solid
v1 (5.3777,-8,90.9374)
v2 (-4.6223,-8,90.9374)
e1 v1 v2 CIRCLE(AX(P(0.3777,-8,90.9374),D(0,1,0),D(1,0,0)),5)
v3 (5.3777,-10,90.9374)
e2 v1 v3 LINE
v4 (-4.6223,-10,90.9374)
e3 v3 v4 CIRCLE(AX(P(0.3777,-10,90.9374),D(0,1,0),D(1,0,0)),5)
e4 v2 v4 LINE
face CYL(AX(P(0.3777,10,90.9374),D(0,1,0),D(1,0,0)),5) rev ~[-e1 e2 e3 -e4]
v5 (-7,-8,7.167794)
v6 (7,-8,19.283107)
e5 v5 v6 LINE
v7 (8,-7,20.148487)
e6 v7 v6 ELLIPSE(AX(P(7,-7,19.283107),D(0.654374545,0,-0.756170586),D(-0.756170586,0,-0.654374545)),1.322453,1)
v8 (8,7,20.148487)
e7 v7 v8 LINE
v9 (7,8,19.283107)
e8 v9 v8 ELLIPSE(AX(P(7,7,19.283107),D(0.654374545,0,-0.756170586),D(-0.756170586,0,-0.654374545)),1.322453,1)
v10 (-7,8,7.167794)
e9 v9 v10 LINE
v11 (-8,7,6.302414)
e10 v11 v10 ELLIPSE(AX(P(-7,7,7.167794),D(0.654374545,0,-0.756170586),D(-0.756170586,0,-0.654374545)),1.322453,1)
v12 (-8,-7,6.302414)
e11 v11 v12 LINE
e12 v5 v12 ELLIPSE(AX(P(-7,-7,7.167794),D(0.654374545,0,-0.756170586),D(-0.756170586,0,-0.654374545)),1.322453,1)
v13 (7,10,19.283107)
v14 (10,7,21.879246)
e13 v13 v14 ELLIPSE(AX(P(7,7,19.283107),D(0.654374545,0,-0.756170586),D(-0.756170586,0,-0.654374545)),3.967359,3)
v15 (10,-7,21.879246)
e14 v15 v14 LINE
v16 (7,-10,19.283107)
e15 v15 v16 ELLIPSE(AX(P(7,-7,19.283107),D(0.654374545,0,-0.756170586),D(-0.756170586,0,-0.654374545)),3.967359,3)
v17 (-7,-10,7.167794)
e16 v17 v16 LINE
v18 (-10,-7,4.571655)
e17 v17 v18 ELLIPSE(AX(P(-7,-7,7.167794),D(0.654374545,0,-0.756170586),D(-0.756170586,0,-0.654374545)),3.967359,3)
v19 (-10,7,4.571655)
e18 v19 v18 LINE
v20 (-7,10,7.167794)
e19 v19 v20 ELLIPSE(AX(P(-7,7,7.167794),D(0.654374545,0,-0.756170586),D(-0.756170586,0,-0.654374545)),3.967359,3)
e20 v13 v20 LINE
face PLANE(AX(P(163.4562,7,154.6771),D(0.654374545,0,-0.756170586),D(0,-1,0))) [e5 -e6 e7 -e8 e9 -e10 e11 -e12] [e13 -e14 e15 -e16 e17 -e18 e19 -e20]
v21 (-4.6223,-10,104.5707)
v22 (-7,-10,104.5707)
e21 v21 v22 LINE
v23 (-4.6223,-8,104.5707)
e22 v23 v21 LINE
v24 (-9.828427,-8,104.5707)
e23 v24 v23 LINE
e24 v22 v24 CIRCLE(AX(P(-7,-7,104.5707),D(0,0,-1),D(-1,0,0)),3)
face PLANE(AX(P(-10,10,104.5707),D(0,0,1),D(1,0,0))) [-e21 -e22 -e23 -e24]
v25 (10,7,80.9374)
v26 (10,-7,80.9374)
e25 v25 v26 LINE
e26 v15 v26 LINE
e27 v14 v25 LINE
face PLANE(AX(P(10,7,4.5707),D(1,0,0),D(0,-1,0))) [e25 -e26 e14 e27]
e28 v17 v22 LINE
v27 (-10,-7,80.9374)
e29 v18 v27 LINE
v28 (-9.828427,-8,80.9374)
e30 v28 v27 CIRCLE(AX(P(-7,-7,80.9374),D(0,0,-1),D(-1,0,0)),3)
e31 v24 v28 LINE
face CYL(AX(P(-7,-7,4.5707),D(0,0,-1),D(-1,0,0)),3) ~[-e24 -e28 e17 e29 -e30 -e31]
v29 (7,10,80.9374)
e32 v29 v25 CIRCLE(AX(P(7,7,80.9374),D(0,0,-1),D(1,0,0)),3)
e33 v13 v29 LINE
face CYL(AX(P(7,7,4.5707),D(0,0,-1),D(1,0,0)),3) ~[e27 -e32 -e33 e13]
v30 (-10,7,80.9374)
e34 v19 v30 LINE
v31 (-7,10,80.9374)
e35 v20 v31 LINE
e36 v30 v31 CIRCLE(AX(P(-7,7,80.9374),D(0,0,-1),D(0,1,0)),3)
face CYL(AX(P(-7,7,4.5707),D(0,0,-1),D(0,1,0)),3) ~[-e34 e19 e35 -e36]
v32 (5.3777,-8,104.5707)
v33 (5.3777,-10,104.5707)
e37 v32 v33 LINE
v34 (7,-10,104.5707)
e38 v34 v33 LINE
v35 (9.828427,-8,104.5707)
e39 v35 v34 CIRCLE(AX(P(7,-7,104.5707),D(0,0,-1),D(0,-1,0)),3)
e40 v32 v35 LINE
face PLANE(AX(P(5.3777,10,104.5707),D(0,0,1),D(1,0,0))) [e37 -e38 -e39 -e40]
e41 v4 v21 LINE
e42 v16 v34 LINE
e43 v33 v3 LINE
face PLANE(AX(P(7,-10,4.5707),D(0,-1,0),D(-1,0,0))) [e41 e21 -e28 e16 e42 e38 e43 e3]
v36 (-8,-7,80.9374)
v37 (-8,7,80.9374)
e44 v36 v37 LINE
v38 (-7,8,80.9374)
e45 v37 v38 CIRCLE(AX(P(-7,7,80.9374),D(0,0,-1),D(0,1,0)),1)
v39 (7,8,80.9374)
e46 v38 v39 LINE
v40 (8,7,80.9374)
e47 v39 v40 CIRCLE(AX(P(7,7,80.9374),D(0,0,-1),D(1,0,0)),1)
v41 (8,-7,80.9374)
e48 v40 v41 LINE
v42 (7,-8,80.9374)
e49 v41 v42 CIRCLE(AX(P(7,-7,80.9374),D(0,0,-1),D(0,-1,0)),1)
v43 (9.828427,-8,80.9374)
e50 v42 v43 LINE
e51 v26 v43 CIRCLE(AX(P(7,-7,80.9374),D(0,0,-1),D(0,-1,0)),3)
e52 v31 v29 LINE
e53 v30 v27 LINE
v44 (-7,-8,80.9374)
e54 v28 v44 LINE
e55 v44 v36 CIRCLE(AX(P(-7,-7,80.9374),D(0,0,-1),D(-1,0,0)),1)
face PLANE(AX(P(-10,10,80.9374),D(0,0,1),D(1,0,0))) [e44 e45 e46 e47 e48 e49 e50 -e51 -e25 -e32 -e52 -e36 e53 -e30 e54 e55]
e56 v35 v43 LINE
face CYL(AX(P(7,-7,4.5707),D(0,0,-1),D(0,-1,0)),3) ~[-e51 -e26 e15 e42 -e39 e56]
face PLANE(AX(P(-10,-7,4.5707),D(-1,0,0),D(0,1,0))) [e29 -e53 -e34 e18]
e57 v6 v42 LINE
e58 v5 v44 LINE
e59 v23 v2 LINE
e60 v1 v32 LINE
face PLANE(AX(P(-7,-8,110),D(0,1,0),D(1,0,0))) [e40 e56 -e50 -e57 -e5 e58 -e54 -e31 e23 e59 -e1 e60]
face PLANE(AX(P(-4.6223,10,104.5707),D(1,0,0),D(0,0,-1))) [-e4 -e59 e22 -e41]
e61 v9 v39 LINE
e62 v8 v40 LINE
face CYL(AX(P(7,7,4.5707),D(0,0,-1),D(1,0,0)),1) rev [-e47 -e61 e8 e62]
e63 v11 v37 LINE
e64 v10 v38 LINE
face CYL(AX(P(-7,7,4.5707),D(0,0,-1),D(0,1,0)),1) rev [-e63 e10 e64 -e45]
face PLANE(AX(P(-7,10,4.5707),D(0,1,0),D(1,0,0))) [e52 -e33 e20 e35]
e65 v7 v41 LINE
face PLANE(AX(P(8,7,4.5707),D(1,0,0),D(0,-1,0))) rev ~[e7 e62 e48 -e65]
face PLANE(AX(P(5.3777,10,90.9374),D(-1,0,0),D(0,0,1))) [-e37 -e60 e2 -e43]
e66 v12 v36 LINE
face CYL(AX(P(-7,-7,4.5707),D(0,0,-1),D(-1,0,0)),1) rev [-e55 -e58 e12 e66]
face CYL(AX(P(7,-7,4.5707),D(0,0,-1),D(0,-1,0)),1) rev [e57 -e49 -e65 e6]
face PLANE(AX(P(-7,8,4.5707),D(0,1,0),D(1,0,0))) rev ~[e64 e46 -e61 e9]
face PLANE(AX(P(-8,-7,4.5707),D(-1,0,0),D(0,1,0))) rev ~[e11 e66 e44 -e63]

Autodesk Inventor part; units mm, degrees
ref_plane "Start Plane" through (0, 0, 4.5707) normal (0, 0, 1) x (1, 0, 0)
ref_plane "End Plane" through (0, 0, 110) normal (0, 0, 1) x (1, 0, 0)
sketch "Sketch" plane through (0, 0, 0) normal (0, 0, 1) x (1, 0, 0)
  line L0 (-10, -7) -> (-10, 7)
  line L1 (-7, 10) -> (7, 10)
  line L2 (10, 7) -> (10, -7)
  line L3 (7, -10) -> (-7, -10)
  arc A0 (-10, -7) -> (-7, -10) centre (-7, -7) ccw
  arc A1 (-7, 10) -> (-10, 7) centre (-7, 7) ccw
  arc A2 (10, 7) -> (7, 10) centre (7, 7) ccw
  arc A3 (7, -10) -> (10, -7) centre (7, -7) ccw
  arc A4 (-7, 8) -> (-8, 7) centre (-7, 7) ccw
  line L4 (-7, 8) -> (7, 8)
  arc A5 (8, 7) -> (7, 8) centre (7, 7) ccw
  line L5 (8, 7) -> (8, -7)
  arc A6 (7, -8) -> (8, -7) centre (7, -7) ccw
  line L6 (7, -8) -> (-7, -8)
  arc A7 (-8, -7) -> (-7, -8) centre (-7, -7) ccw
  line L7 (-8, -7) -> (-8, 7)
  line L8 (0, 14.8698) -> (0, -14.8698) construction
  line L9 (-14.8698, 0) -> (14.8698, 0) construction
  dimension "d7" = 3
  dimension "d10" = 20
  dimension "d11" = 20
  dimension "d12" = 2
  dimension "d15" = 10
  dimension "d16" = 10
extrude "Body" add sketch "Sketch" along normal up to surface (105.4293 mm away) from surface at 4.5707
sketch "Sketch3" plane through (0, 0, 0) normal (0, 0, 1) x (1, 0, 0)
  line L0 (0, 0) -> (10, 0)
ref_plane "Work Plane3" through (0, 0, 0) normal (0, -1, 0) x (1, 0, 0)
sketch "Sketch4" plane through (0, 0, 0) normal (0, -1, 0) x (1, 0, 0)
  line L0 (-2, 4.5707) -> (12, 4.5707)
  line L1 (-2, 110) -> (12, 110)
  dimension "d18" = 105.4293
ref_plane "Work Plane4" through (163.4562, 7, 154.6771) normal (0.6544, 0, -0.7562) x (-0.7562, 0, -0.6544)
split "Split1" plane through (163.4562, 7, 154.6771) removes the side toward (0.6544, 0, -0.7562)
sketch "Sketch5" plane through (-7, 10, 110) normal (0, 1, 0) x (1, 0, 0)
  line L0 (-3, 0) -> (-3, 105.4293)
  line L1 (4805.2907, 8171.9937) -> (4797.7312, 8176.4206)
  line L2 (-3, 29.0626) -> (17, 29.0626)
  line L3 (-3, 5.4293) -> (17, 5.4293)
  circle A0 centre (7.3777, 19.0626) radius 5
  circle A1 centre (7.3777, 19.0626) radius 5 construction
  line L4 (4797.7312, 8176.4206) -> (4800.2551, 8213.114)
  line L5 (12.3777, 19.0626) -> (12.3777, -7767.3118)
  line L6 (-3, 105.4293) -> (0, 102.8331) projected
  line L7 (14, 90.7177) -> (17, 88.1216) projected
  line L8 (0, 0) -> (14, 0) projected
  arc A2 (12.3777, 11.5793) -> (2.3777, 11.5793) centre (7.3777, 19.0626) ccw
  line L9 (7.3777, 19.0626) -> (7.3777, 0) construction
  line L10 (7.3777, 19.0626) -> (7.3777, 29.6702) construction
  line L11 (2.3777, 0) -> (2.3777, 19.0626)
  line L12 (17, 88.1216) -> (17, 0) projected
  line L13 (-3, 0) -> (17, 0)
  line L14 (0, 0) -> (-3, 0) projected
  point P0 (7, 110)
  point P1 (7.3777, 28.0626)
  point P2 (2.3777, 5.4293)
  point P3 (12.3777, 5.4293)
  point P4 (12.3777, 0)
  point P5 (12.3777, 11.5793)
  point P6 (2.3777, 11.5793)
  point P7 (12.3777, 19.0626)
  point P8 (17, 60.7933)
  dimension "d23" = 10
  dimension "d27" = 18
  dimension "d28" = 1
  dimension "d33" = 100
extrude "Extrusion2" cut sketch "Sketch5" against normal up to surface (18 mm away) contours L0 L3 L11 L8 L13 | L0 L2 L12 L3 L5 A2 L11 | L11 A0 L5 L3 | L3 L12 L13 L8 L5 | A2 L5 A0 L11
extrude "Extrusion3" cut sketch "Sketch5" against normal through all contours L0 L3 L11 L8 L13 | L11 A0 L5 L3 | L3 L5 L8 L11 | L3 L12 L13 L8 L5 | A0
equation "\"d7\" = G_IR"
equation "\"d10\" = G_H"
equation "\"d11\" = G_W"
equation "\"d12\" = G_T"
equation "\"d15\" = 0.5 * d10"
equation "\"d16\" = 0.5 * d11"
equation "\"d3\" = G_L"
equation "\"G_W\" = 20"
equation "\"G_H\" = 20"
equation "\"G_T\" = 2"
equation "\"G_IR\" = 3"
equation "\"G_L\" = d18"
equation "\"G_OFFSET_START\" = -4.57072"
equation "\"G_OFFSET_END\" = 0"
equation "\"d13\" = -G_OFFSET_START"
properties part number "ISO 12633-2 - 20x20x2 - 105,43" material "Steel, Mild"
